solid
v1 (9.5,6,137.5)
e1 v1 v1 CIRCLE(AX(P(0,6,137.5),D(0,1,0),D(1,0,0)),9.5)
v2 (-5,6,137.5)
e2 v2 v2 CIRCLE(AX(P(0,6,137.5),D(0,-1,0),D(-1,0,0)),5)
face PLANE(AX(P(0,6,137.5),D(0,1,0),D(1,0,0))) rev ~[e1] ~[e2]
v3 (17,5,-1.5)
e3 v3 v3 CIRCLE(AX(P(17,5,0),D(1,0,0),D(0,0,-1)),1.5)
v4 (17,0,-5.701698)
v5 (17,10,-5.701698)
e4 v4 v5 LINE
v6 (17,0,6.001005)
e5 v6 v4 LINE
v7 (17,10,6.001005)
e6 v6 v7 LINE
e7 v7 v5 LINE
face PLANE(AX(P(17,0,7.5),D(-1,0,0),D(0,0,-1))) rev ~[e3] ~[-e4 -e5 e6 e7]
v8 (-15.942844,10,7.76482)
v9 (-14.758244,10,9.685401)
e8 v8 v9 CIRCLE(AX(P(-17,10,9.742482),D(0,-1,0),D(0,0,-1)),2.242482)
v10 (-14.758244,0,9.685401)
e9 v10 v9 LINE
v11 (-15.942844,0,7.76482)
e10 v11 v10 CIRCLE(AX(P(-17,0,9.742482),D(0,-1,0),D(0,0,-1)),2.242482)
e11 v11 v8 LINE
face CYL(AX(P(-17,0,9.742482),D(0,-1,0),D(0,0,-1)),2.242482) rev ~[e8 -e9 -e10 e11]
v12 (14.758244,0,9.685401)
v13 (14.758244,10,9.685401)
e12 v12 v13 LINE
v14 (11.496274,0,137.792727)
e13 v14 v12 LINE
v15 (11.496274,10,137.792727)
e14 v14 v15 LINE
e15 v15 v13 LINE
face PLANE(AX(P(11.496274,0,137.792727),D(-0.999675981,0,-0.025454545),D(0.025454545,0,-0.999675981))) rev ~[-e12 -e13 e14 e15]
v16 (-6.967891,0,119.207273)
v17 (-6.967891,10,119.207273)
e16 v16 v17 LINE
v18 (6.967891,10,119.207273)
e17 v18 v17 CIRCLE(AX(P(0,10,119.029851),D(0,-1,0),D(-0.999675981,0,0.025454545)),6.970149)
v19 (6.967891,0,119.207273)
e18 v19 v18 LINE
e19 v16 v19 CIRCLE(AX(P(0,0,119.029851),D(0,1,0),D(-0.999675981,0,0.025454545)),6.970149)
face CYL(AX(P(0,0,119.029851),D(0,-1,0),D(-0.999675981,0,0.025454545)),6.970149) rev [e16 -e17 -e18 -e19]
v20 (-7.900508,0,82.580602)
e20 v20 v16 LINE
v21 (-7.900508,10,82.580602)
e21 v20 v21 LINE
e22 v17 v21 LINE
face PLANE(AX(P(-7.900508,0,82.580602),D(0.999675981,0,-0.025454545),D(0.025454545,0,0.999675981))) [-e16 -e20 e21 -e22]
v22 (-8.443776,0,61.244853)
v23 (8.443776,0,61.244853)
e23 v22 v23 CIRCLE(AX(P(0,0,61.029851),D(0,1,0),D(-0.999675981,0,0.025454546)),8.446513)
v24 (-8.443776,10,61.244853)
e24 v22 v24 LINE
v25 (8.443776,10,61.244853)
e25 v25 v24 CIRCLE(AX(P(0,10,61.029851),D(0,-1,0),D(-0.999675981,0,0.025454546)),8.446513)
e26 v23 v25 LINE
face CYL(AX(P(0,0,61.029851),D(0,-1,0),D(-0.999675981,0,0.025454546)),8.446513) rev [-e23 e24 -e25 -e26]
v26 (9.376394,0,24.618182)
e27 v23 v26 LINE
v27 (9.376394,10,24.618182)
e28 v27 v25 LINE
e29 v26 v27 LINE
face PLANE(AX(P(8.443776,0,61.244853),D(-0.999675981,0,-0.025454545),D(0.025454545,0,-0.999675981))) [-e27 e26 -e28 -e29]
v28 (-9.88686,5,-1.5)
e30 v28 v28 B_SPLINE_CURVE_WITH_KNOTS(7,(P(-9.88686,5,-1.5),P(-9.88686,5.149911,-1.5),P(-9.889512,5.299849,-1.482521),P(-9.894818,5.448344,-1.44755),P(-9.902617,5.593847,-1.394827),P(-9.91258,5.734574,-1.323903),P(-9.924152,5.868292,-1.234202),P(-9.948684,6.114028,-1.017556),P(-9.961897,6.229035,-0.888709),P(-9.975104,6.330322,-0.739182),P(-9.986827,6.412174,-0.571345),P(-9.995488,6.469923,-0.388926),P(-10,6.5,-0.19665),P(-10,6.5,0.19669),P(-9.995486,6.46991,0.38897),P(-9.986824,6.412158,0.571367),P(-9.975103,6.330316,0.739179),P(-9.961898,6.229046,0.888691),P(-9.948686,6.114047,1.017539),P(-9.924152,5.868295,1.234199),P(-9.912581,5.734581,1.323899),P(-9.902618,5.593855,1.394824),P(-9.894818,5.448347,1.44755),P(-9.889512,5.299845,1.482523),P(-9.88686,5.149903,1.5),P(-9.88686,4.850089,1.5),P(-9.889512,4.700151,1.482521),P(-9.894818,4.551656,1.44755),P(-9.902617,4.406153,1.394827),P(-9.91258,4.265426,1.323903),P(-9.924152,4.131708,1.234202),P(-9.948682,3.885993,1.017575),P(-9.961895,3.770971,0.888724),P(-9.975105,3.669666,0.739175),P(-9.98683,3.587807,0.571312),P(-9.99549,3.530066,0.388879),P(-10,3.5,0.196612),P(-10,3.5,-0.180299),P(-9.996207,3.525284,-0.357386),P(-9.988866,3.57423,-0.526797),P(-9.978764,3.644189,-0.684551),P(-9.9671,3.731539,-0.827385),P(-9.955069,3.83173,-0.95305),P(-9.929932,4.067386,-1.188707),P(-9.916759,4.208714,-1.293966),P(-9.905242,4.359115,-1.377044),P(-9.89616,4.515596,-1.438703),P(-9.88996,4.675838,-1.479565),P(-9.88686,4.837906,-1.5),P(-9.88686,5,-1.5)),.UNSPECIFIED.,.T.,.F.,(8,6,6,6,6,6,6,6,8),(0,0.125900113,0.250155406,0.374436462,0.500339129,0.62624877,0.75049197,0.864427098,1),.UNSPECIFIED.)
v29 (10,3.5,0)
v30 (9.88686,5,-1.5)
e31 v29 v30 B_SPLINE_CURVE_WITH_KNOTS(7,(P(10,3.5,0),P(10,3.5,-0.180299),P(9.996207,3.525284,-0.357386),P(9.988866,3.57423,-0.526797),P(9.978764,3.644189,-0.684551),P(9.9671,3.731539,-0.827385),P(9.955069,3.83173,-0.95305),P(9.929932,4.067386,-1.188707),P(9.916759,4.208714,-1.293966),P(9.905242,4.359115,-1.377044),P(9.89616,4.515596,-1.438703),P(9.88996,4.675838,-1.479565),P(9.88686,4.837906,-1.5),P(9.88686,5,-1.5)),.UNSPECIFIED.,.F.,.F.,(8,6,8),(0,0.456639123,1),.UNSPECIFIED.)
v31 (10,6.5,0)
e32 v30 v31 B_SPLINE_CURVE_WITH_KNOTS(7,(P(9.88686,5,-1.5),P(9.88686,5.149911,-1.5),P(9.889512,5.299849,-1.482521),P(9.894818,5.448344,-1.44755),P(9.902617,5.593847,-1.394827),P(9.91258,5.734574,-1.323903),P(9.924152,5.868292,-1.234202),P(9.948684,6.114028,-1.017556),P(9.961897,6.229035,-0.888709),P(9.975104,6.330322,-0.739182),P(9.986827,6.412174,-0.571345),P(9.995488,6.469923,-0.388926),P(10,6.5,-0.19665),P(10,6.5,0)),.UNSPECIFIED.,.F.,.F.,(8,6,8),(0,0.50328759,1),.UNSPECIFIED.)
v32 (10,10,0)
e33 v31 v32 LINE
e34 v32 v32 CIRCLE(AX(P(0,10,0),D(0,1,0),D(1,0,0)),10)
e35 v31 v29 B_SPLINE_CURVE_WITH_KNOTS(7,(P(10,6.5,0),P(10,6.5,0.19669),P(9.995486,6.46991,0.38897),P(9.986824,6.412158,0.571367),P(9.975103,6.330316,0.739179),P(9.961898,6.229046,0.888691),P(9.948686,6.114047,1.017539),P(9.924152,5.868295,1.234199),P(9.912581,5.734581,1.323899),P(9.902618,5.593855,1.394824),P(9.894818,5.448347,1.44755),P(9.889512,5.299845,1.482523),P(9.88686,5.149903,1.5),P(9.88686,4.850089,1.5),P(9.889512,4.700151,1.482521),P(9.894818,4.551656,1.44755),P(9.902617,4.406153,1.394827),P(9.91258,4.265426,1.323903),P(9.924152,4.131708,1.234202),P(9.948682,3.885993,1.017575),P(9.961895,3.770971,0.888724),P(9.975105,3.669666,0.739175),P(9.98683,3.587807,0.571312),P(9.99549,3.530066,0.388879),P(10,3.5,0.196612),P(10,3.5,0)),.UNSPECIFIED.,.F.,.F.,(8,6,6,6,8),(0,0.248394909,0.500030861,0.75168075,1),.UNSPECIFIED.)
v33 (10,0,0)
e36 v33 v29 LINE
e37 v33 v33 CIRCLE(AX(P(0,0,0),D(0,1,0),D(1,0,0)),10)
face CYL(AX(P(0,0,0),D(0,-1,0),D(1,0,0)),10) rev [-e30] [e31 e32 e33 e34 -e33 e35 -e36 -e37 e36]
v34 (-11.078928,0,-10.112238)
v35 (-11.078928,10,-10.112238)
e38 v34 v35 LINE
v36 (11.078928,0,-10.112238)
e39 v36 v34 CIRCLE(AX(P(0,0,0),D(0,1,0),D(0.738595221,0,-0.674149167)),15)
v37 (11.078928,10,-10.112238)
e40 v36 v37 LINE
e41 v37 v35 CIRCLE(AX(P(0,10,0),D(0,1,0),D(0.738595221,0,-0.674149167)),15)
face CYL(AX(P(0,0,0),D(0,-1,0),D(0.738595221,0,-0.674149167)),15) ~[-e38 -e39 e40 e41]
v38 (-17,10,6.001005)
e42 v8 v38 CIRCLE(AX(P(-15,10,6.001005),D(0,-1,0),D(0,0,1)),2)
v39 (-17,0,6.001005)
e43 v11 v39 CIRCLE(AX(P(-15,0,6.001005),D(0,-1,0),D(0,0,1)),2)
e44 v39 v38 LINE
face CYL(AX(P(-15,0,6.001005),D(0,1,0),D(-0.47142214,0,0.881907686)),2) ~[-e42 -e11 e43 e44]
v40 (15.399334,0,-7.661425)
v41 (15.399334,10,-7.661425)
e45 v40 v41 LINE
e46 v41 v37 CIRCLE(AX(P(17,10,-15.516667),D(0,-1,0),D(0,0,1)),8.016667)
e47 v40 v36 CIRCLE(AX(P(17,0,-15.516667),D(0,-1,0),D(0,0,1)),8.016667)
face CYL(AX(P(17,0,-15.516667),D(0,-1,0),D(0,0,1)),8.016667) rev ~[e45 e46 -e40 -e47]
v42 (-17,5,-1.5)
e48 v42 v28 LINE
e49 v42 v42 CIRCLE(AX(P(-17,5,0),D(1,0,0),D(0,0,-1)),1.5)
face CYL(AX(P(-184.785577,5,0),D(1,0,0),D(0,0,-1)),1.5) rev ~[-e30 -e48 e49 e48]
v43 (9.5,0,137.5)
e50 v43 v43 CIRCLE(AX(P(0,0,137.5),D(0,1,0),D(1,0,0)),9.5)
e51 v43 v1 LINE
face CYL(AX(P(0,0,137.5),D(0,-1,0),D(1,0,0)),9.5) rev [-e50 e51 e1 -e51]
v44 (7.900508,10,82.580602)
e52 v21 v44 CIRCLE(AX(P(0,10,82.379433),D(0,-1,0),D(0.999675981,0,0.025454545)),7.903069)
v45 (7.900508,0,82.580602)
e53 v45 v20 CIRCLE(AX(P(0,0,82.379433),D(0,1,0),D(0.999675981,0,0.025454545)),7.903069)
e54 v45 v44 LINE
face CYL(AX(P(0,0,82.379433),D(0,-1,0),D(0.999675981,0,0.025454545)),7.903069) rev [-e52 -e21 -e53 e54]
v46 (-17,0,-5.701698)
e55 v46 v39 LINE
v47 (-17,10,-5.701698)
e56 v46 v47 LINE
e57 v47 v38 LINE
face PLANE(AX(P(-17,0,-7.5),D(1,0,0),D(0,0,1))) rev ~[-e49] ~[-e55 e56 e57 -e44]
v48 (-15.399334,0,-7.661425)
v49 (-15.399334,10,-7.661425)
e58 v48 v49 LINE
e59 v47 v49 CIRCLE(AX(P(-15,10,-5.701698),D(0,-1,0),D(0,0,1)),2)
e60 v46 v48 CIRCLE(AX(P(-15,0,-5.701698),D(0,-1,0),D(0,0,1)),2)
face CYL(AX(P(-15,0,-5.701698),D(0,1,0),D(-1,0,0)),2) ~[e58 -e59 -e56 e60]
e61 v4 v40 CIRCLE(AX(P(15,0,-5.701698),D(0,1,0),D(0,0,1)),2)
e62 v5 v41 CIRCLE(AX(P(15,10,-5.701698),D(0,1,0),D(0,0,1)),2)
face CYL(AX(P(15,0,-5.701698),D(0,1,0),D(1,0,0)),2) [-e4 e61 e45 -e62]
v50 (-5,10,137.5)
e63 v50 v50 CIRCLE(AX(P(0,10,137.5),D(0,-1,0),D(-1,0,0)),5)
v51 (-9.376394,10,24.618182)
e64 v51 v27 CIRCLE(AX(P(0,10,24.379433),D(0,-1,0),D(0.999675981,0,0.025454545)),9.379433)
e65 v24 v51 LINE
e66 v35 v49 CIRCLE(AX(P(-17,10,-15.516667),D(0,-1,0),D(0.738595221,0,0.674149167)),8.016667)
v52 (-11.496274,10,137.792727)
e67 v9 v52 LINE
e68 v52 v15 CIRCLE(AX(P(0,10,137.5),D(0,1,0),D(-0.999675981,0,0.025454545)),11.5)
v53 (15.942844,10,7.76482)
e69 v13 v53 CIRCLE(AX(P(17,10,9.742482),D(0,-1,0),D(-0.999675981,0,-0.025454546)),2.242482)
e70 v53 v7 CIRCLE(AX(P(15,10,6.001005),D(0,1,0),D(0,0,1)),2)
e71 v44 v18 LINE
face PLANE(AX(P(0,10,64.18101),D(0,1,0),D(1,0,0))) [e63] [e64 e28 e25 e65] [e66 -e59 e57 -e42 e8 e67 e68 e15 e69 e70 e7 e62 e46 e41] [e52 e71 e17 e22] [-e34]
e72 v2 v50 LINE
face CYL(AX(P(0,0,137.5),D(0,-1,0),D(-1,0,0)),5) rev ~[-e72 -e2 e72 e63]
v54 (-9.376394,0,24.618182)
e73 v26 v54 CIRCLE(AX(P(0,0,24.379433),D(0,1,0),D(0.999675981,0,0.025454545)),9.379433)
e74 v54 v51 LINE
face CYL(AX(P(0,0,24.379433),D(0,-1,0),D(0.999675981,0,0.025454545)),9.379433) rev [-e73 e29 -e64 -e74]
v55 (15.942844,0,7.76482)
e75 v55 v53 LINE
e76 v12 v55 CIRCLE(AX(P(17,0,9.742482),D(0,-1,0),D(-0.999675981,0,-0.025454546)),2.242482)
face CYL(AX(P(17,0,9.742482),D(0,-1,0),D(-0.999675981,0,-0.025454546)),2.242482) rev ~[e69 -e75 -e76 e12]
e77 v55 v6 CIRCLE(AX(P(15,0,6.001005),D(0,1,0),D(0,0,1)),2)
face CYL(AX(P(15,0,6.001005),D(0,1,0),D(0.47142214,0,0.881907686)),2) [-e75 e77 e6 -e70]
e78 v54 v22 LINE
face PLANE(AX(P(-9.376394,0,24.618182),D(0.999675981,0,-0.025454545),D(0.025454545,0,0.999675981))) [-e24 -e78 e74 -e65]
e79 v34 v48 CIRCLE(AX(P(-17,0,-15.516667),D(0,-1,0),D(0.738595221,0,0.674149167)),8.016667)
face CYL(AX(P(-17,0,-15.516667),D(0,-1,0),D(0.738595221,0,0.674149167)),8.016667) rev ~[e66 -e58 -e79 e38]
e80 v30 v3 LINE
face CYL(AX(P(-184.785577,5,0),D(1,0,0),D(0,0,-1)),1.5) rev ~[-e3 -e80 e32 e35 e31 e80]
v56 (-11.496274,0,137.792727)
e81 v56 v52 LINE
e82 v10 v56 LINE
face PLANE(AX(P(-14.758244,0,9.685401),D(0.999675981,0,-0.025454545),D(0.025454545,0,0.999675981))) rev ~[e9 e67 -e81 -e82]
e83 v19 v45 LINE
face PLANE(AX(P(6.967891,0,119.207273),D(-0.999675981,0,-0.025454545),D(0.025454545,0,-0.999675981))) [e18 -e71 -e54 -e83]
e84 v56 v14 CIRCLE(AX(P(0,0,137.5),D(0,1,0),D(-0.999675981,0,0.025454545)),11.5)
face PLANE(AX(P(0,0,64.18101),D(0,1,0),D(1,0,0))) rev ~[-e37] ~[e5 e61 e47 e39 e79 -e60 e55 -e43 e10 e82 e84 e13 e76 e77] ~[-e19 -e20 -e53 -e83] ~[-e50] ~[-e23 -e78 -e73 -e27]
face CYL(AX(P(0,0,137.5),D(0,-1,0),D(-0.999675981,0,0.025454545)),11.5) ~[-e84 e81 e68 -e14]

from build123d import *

# Parameters (mm, degrees)
SKETCH1_R           = 10
BOSS_EXTRUDE1_DEPTH = 10
SKETCH2_R           = 9.5
CUT_EXTRUDE1_DEPTH  = 6
SKETCH3_R           = 5
CUT_EXTRUDE2_DEPTH  = 11
CUT_EXTRUDE4_DEPTH  = 11
FILLET1_R           = 2
M4_TAPPED_HOLE1_D   = 3


with BuildPart() as part:
    # Sketch1 → Boss-Extrude1 (new body)
    with BuildSketch(Plane(origin=(0, 0, 0), x_dir=(1, 0, 0), z_dir=(0, 1, 0))):
        with BuildLine():
            Line((-14.758244484, -9.68540076), (-11.496273776, -137.792727273))
            ThreePointArc((-11.496273776, -137.792727273), (0, -149), (11.496273776, -137.792727273))
            Line((11.496273776, -137.792727273), (14.758244484, -9.68540076))
            ThreePointArc((14.758244484, -9.68540076), (15.434637081, -8.136753315), (17, -7.5))
            Line((17, -7.5), (17, 7.5))
            ThreePointArc((17, 7.5), (13.764151011, 8.182075624), (11.078928313, 10.112237509))
            ThreePointArc((11.078928313, 10.112237509), (0, 15), (-11.078928313, 10.112237509))
            ThreePointArc((-11.078928313, 10.112237509), (-13.764151011, 8.182075624), (-17, 7.5))
            Line((-17, 7.5), (-17, -7.5))
            ThreePointArc((-17, -7.5), (-15.434637081, -8.136753315), (-14.758244484, -9.68540076))
        make_face()
        Circle(SKETCH1_R, mode=Mode.SUBTRACT)
    extrude(amount=BOSS_EXTRUDE1_DEPTH)

    # Sketch2 → Cut-Extrude1 (cut)
    with BuildSketch(Plane(origin=(0, 0, 0), x_dir=(1, 0, 0), z_dir=(0, 1, 0))):
        with Locations((0, -137.5)):
            Circle(SKETCH2_R)
    extrude(amount=CUT_EXTRUDE1_DEPTH, mode=Mode.SUBTRACT)

    # Sketch3 → Cut-Extrude2 (cut, through all)
    with BuildSketch(Plane(origin=(0, 0, 0), x_dir=(-1, 0, 0), z_dir=(0, -1, 0))):
        with Locations((0, -137.5)):
            Circle(SKETCH3_R)
    extrude(amount=-CUT_EXTRUDE2_DEPTH, mode=Mode.SUBTRACT)

    # Sketch4 → Cut-Extrude4 (cut, through all)
    with BuildSketch(Plane(origin=(0, 0, 0), x_dir=(1, 0, 0), z_dir=(0, 1, 0))):
        with BuildLine():
            Line((-7.90050824, -82.580601653), (-6.96789079, -119.207272727))
            ThreePointArc((-6.96789079, -119.207272727), (0, -126), (6.96789079, -119.207272727))
            Line((6.96789079, -119.207272727), (7.90050824, -82.580601653))
            ThreePointArc((7.90050824, -82.580601653), (0, -74.476363636), (-7.90050824, -82.580601653))
        make_face()
        with BuildLine():
            Line((-9.376393506, -24.618181818), (-8.443776056, -61.244852893))
            ThreePointArc((-8.443776056, -61.244852893), (0, -69.476363636), (8.443776056, -61.244852893))
            Line((8.443776056, -61.244852893), (9.376393506, -24.618181818))
            ThreePointArc((9.376393506, -24.618181818), (0, -15), (-9.376393506, -24.618181818))
        make_face()
    extrude(amount=CUT_EXTRUDE4_DEPTH, mode=Mode.SUBTRACT)

    # Fillet1
    fillet1_edges = [part.edges().sort_by_distance(p)[0] for p in [
        (17, 5, -7.5),
        (17, 5, 7.5),
        (-17, 5, 7.5),
        (-17, 5, -7.5),
    ]]
    fillet(fillet1_edges, radius=FILLET1_R)

    # M4 Tapped Hole1 (through all)
    with Locations(Plane.ZY.offset(17)):
        with Locations((0, 5)):
            Hole(M4_TAPPED_HOLE1_D / 2)


solid = part.part
